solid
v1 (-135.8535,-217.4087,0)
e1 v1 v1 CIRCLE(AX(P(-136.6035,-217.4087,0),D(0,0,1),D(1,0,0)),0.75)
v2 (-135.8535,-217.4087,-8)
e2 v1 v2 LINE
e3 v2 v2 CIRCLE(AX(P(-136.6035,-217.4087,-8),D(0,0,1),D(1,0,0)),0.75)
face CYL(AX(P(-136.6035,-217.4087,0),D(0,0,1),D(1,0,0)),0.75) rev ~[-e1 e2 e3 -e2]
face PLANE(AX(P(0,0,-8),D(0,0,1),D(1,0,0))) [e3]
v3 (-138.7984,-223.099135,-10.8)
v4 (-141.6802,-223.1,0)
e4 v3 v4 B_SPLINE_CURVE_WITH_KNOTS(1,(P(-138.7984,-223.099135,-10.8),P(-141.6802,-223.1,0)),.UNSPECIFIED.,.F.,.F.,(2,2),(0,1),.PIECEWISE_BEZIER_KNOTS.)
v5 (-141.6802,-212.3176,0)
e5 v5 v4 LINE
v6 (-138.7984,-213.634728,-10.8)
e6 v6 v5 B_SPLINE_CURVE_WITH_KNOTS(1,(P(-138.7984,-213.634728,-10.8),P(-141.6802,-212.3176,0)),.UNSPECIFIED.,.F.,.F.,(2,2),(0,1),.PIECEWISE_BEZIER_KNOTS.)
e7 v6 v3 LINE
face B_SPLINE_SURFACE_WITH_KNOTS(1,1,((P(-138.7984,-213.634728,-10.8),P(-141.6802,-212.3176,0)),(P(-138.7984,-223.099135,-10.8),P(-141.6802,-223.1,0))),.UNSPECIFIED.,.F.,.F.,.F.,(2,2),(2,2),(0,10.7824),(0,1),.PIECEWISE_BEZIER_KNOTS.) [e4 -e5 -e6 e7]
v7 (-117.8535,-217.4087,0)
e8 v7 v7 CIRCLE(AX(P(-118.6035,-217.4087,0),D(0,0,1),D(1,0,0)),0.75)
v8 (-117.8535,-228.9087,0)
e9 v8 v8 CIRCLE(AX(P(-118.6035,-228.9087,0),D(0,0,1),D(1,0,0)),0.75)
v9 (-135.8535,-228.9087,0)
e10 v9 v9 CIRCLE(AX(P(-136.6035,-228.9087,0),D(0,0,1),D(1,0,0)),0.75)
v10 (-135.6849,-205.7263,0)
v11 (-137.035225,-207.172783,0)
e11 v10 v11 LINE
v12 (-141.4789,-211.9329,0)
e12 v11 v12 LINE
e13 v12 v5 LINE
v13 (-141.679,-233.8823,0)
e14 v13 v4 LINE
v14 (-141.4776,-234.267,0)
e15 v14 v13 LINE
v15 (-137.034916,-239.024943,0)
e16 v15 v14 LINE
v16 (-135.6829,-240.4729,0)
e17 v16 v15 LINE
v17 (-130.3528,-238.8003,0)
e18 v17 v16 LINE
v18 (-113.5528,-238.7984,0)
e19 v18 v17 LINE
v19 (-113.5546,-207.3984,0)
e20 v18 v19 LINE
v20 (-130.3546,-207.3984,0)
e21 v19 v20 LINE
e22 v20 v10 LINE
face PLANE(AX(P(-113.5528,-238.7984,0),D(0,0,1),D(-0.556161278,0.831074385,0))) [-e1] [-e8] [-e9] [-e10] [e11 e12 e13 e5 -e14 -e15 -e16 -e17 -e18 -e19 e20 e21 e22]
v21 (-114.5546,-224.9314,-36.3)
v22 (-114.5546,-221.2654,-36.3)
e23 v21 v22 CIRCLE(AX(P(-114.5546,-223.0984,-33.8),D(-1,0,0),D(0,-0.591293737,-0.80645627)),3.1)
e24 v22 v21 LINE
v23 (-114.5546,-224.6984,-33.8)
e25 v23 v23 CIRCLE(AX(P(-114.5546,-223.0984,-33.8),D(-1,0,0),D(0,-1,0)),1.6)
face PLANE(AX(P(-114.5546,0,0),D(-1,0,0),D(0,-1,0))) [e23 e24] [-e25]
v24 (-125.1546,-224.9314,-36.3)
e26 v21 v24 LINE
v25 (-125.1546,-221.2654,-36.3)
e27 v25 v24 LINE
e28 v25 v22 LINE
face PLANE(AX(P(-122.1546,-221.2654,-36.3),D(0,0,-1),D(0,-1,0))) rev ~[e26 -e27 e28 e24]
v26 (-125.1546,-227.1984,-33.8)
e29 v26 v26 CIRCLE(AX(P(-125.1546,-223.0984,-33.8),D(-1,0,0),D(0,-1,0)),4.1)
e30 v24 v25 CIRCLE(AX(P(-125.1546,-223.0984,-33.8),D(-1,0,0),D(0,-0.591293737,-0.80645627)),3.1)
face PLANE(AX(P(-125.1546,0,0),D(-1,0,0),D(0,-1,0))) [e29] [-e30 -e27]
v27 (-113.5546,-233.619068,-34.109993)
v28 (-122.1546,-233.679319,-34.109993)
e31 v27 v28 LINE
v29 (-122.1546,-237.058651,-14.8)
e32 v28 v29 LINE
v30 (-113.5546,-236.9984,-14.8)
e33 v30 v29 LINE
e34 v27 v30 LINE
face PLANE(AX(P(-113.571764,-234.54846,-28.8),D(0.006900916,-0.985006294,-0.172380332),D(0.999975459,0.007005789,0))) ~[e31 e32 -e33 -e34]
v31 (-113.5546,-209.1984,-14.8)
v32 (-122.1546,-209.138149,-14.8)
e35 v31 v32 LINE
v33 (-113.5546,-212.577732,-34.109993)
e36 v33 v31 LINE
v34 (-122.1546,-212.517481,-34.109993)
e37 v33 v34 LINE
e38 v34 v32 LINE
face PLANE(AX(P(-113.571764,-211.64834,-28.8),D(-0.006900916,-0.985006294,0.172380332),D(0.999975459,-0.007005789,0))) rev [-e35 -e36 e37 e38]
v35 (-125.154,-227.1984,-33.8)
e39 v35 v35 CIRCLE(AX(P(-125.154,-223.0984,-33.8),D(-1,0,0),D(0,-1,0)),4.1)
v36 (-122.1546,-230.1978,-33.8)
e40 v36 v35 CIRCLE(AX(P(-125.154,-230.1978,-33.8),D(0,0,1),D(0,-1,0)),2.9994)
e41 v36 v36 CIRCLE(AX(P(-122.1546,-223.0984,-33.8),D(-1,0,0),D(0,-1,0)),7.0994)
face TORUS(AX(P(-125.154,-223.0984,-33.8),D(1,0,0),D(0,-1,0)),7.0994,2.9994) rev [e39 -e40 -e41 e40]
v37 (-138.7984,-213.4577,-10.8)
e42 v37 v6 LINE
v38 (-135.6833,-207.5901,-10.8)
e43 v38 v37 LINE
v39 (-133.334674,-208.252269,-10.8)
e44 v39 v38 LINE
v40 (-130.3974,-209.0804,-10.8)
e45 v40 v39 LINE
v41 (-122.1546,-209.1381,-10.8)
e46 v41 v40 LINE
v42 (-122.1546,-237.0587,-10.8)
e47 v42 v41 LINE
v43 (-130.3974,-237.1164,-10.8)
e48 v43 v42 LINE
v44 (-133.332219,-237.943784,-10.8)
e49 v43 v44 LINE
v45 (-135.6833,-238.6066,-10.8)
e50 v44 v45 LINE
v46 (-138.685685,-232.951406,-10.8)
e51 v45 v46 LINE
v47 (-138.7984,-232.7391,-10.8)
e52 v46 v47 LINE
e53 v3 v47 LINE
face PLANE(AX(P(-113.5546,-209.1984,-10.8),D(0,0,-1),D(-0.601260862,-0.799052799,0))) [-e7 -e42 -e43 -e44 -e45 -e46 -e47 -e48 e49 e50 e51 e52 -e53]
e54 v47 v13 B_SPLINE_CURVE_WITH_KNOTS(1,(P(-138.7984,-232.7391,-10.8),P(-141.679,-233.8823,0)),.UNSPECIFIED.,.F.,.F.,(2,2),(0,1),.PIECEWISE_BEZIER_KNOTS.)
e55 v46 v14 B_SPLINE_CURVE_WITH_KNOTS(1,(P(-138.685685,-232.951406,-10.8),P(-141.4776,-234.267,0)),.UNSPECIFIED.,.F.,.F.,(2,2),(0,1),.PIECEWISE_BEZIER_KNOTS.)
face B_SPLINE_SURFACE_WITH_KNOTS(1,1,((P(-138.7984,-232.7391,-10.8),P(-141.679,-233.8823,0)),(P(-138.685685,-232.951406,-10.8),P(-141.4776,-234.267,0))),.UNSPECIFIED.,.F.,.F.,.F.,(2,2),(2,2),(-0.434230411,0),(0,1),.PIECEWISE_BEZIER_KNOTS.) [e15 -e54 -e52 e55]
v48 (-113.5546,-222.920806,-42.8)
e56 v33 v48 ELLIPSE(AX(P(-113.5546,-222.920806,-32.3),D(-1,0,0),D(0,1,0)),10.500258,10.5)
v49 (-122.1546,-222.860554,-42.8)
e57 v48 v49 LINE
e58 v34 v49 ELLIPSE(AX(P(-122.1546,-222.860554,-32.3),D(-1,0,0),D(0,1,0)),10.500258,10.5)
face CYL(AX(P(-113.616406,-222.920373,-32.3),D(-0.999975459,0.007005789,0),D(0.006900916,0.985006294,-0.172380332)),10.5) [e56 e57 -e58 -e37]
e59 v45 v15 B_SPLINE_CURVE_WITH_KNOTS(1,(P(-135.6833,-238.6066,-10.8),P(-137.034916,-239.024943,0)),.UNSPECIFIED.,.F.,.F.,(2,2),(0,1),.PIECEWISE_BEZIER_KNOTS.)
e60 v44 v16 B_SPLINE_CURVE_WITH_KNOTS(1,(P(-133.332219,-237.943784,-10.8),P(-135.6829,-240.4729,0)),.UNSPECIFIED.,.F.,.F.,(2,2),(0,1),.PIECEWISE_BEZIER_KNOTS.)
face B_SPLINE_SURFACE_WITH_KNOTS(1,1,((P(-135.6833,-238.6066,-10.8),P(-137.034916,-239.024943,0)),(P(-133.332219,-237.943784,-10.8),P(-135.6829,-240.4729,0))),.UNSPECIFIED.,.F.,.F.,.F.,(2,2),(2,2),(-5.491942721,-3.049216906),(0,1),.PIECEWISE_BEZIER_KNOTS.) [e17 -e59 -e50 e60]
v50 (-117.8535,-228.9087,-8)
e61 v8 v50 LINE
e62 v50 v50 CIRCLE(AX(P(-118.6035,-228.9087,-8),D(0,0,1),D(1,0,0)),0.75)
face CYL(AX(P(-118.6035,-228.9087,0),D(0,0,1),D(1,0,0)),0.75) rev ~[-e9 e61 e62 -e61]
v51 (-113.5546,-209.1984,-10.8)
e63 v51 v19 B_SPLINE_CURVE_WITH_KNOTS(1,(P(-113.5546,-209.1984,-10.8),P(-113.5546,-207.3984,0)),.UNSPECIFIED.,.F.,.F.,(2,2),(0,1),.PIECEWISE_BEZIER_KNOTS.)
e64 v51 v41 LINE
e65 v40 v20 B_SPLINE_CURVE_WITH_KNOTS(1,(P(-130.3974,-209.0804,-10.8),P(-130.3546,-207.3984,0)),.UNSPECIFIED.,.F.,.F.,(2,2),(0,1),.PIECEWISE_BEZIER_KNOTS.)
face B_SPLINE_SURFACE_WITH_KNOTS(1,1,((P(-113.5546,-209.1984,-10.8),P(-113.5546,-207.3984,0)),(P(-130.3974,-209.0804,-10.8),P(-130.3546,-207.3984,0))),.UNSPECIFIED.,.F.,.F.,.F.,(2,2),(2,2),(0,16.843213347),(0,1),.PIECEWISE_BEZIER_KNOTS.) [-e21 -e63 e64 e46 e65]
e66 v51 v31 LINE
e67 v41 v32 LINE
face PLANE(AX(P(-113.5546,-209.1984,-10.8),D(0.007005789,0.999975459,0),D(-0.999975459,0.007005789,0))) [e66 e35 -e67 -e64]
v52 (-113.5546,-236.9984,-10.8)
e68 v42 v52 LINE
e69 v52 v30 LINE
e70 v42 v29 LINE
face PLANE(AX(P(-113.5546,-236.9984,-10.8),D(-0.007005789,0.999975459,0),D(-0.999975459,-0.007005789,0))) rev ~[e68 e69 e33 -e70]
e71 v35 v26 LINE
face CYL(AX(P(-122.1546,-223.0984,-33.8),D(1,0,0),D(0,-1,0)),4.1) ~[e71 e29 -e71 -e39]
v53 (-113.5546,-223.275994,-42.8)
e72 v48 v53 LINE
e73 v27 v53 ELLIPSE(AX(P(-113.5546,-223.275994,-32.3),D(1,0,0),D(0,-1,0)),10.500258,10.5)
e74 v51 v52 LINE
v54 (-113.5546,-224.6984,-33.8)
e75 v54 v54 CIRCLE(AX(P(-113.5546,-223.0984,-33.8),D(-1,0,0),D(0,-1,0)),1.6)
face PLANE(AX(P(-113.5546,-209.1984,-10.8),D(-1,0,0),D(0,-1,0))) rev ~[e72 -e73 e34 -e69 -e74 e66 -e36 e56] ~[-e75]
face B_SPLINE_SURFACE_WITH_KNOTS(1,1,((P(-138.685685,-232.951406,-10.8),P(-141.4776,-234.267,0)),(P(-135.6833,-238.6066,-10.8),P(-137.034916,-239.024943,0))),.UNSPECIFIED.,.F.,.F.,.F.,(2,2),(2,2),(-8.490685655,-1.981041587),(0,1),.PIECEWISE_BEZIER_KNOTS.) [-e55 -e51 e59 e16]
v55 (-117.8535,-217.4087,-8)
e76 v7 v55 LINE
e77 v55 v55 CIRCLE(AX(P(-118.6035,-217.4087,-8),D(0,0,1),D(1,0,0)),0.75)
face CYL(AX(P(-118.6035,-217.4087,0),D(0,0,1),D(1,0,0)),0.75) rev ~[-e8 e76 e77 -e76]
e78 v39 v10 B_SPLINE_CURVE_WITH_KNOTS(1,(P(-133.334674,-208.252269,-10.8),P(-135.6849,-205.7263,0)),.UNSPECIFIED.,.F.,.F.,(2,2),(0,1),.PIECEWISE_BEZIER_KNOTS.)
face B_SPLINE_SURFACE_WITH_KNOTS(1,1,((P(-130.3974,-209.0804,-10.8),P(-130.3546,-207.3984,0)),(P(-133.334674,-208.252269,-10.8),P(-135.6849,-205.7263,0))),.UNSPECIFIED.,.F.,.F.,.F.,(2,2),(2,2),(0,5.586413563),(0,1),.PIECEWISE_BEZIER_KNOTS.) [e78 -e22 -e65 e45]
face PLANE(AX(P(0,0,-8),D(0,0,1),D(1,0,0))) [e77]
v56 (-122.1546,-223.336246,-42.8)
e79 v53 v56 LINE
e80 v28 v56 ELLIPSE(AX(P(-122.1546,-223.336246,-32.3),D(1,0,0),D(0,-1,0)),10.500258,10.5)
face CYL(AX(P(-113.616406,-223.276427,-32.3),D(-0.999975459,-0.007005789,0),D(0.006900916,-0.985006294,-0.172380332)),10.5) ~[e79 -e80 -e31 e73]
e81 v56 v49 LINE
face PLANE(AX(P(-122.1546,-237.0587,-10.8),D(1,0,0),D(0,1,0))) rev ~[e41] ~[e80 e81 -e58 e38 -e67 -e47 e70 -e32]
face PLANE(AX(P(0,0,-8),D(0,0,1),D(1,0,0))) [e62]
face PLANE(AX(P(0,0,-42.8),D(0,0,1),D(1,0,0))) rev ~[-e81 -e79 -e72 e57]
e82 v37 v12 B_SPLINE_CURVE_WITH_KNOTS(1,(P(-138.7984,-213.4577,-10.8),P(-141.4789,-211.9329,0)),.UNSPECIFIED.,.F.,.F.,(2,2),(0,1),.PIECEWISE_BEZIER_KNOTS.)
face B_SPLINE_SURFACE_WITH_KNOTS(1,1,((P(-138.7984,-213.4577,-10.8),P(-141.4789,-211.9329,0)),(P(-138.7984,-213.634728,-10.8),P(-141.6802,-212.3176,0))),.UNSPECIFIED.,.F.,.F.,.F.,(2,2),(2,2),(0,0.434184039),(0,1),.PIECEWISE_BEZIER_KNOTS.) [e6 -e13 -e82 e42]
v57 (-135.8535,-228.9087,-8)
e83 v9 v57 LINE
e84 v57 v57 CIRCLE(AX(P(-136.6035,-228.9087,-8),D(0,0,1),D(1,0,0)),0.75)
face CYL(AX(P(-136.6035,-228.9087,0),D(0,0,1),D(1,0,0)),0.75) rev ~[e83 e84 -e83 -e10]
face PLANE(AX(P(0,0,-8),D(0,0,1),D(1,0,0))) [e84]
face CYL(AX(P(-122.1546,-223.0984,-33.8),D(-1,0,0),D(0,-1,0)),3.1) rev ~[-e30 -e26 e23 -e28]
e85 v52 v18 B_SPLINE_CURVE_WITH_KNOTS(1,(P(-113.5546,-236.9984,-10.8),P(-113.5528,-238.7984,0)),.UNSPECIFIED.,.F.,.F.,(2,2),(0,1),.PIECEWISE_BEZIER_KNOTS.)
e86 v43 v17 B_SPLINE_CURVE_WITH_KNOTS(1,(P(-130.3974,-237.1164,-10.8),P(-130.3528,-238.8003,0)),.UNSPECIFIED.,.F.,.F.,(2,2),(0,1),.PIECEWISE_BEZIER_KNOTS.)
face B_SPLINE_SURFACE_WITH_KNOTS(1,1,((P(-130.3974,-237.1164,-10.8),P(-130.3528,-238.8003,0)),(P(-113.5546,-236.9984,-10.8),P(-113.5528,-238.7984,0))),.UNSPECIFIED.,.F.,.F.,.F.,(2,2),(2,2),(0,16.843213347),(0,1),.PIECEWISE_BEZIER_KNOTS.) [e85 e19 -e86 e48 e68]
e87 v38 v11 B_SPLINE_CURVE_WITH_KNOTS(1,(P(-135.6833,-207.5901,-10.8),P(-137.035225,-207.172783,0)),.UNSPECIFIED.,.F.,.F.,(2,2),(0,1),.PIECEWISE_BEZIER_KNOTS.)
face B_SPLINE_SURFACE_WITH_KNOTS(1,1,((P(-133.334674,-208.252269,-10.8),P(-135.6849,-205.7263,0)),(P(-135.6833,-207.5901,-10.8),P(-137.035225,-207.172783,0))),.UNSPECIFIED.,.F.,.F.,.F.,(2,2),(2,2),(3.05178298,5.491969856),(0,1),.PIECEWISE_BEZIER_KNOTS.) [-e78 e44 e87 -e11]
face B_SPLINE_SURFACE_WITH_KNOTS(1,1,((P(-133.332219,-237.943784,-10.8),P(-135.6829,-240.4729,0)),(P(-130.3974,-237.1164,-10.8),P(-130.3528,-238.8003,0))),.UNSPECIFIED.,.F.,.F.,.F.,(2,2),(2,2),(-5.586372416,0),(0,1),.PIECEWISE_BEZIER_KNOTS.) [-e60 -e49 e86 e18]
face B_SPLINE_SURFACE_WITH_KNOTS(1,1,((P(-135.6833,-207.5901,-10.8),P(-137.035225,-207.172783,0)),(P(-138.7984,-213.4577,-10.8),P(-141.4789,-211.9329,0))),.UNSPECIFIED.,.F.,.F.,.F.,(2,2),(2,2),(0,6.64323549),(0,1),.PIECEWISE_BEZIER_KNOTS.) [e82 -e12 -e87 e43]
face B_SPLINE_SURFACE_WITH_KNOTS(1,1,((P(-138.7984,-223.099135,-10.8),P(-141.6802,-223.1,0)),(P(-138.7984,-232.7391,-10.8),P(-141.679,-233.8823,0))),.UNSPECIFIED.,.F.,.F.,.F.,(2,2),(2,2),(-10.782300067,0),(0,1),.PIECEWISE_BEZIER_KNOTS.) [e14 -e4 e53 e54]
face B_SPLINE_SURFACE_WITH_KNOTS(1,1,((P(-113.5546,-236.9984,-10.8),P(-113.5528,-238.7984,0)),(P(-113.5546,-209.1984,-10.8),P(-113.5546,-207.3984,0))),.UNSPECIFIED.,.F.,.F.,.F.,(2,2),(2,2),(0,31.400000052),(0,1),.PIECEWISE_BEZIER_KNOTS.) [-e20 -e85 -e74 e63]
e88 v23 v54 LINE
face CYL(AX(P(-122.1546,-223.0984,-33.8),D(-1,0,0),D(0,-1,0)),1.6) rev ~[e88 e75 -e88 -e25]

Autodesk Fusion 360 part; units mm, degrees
sketch "Support moteur/Cam" plane through (0, 0, 0) normal (0, 0, 1) x (1, 0, 0)
  line L0 (-113.5546, -207.3984) -> (-130.3546, -207.3984)
  line L1 (-130.3546, -207.3984) -> (-135.6849, -205.7263)
  line L2 (-135.6849, -205.7263) -> (-141.4789, -211.9329)
  line L3 (-141.4789, -211.9329) -> (-141.6802, -212.3176)
  line L4 (-141.6802, -212.3176) -> (-141.6802, -223.1)
  line L5 (-113.5528, -238.7984) -> (-130.3528, -238.8003)
  line L6 (-130.3528, -238.8003) -> (-135.6829, -240.4729)
  line L7 (-141.4776, -234.267) -> (-141.679, -233.8823)
  line L8 (-141.679, -233.8823) -> (-141.6802, -223.1)
  line L9 (-135.6829, -240.4729) -> (-141.4776, -234.267)
  circle A0 centre (-136.6035, -217.4087) radius 0.75
  circle A1 centre (-118.6035, -217.4087) radius 0.75
  circle A2 centre (-136.6035, -228.9087) radius 0.75
  circle A3 centre (-118.6035, -228.9087) radius 0.75
  line L10 (-113.5546, -207.3984) -> (-113.5528, -238.7984)
  line L11 (-141.6802, -223.1) -> (-113.5537, -223.0984)
  point P0 (-136.6035, -217.4087)
  point P1 (-118.6035, -217.4087)
  point P2 (-118.6035, -228.9087)
  point P3 (-136.6035, -228.9087)
  dimension "d217" = 16.8
  dimension "d227" = 1.5
  dimension "d228" = 1.5
  dimension "d229" = 1.5
  dimension "d230" = 1.5
ref_plane "WorkPlane9" through (0, 0, -10.8) normal (0, 0, 1) x (1, 0, 0)
sketch "Support moteur/Cam2" plane through (0, 0, -10.8) normal (0, 0, 1) x (1, 0, 0)
  line L0 (-113.5546, -236.9984) -> (-130.3974, -237.1164)
  line L1 (-130.3974, -237.1164) -> (-135.6833, -238.6066)
  line L2 (-135.6833, -238.6066) -> (-138.7984, -232.7391)
  line L3 (-138.7984, -223.0984) -> (-138.7984, -232.7391)
  line L4 (-138.7984, -223.0984) -> (-138.7984, -213.4577)
  line L5 (-135.6833, -207.5901) -> (-138.7984, -213.4577)
  line L6 (-130.3974, -209.0804) -> (-135.6833, -207.5901)
  line L7 (-113.5546, -209.1984) -> (-130.3974, -209.0804)
  line L8 (-122.1546, -237.0587) -> (-122.1546, -209.1381)
  line L9 (-113.5546, -209.1984) -> (-113.5546, -236.9984)
  line L10 (-138.7984, -223.0984) -> (-113.5546, -223.0984) construction
  dimension "d221" = 8.6
loft "Loft1" add profiles "Support moteur/Cam2", "Support moteur/Cam" section 1 section 2 contours L0 L1 L2 L3 L4 L10 L11 | L5 L6 L7 L8 L9 L10 L11 | A0 | A1
extrude "Support Moteur/Cam" cut sketch "Support moteur/Cam" against normal blind 8 contours A0 | A1 | A2 | A3
extrude "Extrude10" add sketch "Support moteur/Cam2" against normal blind 32 contours L0 L7 L8 L9
chamfer "Chamfer3" distance 4.9 distance2 28 2 edges at (-117.8546, -209.1683, -42.8) (-117.8546, -237.0285, -42.8) measured on face at (-119.2879, -218.4651, -42.8) measured on face at (-119.2879, -218.4651, -42.8)
fillet "Fillet1" radius 10.5 2 edges at (-117.8546, -232.1284, -42.8) (-117.8546, -214.0684, -42.8)
sketch "Support moteur/Cam3" plane through (-122.1546, 0, 0) normal (-1, 0, 0) x (0, -1, 0)
  ellipse E0 centre (222.8605, -32.3) end of major axis (212.3603, -32.3) minor radius 10.5 (212.5175, -34.11) -> (222.8605, -42.8) ccw
  line L0 (222.8605, -42.8) -> (223.3362, -42.8)
  ellipse E1 centre (223.3362, -32.3) end of major axis (233.8365, -32.3) minor radius 10.5 (223.3362, -42.8) -> (233.6793, -34.11) ccw
  line L1 (233.6793, -34.11) -> (237.0587, -14.8)
  line L2 (237.0587, -14.8) -> (237.0587, -10.8)
  line L3 (237.0587, -10.8) -> (209.1381, -10.8)
  line L4 (209.1381, -10.8) -> (209.1381, -14.8)
  line L5 (209.1381, -14.8) -> (212.5175, -34.11)
  line L6 (223.0984, -10.8) -> (223.0984, -28.5) construction
  line L7 (229.2984, -32.0796) -> (229.2984, -24.9204) construction
  line L8 (229.2984, -24.9204) -> (223.0984, -21.3409) construction
  line L9 (223.0984, -21.3409) -> (216.8984, -24.9204) construction
  line L10 (216.8984, -24.9204) -> (216.8984, -32.0796) construction
  line L11 (216.8984, -32.0796) -> (223.0984, -35.6591) construction
  line L12 (223.0984, -35.6591) -> (229.2984, -32.0796) construction
  circle A0 centre (223.0984, -28.5) radius 2.25 construction
  line L13 (223.0984, -10.8) -> (223.0984, -33.8) construction
  circle A1 centre (223.0984, -33.8) radius 1.6
  circle A2 centre (223.0984, -33.8) radius 3.1
  line L14 (217.8116, -36.9) -> (223.0984, -36.9) construction
  line L15 (221.2654, -36.3) -> (224.9314, -36.3)
  circle A3 centre (223.0984, -33.8) radius 4.1
  point P0 (223.0984, -28.5)
  dimension "d233" = 17.7
  dimension "d235" = 12.4
  dimension "d236" = 4.5
  dimension "d380" = 23
  dimension "d381" = 3.2
  dimension "d382" = 6.2
  dimension "d383" = 0.6
  dimension "d384" = 8.2
extrude "Extrude12" cut sketch "Support moteur/Cam3" against normal through all contours A1
extrude "Extrude13" cut sketch "Support moteur/Cam3" against normal blind 7.6 contours A2 L15 picked at (223.1382, -35.9985)
extrude "Extrude19" add sketch "Support moteur/Cam3" along normal blind 3 contours A2 L15 | A3 picked at (223.5866, -36.3774)
fillet "Fillet2" radius 3 1 edges at (-122.1546, -219.2758, -32.3174)
equation "Trous_Vis_diam2 = 2.2 mm"
